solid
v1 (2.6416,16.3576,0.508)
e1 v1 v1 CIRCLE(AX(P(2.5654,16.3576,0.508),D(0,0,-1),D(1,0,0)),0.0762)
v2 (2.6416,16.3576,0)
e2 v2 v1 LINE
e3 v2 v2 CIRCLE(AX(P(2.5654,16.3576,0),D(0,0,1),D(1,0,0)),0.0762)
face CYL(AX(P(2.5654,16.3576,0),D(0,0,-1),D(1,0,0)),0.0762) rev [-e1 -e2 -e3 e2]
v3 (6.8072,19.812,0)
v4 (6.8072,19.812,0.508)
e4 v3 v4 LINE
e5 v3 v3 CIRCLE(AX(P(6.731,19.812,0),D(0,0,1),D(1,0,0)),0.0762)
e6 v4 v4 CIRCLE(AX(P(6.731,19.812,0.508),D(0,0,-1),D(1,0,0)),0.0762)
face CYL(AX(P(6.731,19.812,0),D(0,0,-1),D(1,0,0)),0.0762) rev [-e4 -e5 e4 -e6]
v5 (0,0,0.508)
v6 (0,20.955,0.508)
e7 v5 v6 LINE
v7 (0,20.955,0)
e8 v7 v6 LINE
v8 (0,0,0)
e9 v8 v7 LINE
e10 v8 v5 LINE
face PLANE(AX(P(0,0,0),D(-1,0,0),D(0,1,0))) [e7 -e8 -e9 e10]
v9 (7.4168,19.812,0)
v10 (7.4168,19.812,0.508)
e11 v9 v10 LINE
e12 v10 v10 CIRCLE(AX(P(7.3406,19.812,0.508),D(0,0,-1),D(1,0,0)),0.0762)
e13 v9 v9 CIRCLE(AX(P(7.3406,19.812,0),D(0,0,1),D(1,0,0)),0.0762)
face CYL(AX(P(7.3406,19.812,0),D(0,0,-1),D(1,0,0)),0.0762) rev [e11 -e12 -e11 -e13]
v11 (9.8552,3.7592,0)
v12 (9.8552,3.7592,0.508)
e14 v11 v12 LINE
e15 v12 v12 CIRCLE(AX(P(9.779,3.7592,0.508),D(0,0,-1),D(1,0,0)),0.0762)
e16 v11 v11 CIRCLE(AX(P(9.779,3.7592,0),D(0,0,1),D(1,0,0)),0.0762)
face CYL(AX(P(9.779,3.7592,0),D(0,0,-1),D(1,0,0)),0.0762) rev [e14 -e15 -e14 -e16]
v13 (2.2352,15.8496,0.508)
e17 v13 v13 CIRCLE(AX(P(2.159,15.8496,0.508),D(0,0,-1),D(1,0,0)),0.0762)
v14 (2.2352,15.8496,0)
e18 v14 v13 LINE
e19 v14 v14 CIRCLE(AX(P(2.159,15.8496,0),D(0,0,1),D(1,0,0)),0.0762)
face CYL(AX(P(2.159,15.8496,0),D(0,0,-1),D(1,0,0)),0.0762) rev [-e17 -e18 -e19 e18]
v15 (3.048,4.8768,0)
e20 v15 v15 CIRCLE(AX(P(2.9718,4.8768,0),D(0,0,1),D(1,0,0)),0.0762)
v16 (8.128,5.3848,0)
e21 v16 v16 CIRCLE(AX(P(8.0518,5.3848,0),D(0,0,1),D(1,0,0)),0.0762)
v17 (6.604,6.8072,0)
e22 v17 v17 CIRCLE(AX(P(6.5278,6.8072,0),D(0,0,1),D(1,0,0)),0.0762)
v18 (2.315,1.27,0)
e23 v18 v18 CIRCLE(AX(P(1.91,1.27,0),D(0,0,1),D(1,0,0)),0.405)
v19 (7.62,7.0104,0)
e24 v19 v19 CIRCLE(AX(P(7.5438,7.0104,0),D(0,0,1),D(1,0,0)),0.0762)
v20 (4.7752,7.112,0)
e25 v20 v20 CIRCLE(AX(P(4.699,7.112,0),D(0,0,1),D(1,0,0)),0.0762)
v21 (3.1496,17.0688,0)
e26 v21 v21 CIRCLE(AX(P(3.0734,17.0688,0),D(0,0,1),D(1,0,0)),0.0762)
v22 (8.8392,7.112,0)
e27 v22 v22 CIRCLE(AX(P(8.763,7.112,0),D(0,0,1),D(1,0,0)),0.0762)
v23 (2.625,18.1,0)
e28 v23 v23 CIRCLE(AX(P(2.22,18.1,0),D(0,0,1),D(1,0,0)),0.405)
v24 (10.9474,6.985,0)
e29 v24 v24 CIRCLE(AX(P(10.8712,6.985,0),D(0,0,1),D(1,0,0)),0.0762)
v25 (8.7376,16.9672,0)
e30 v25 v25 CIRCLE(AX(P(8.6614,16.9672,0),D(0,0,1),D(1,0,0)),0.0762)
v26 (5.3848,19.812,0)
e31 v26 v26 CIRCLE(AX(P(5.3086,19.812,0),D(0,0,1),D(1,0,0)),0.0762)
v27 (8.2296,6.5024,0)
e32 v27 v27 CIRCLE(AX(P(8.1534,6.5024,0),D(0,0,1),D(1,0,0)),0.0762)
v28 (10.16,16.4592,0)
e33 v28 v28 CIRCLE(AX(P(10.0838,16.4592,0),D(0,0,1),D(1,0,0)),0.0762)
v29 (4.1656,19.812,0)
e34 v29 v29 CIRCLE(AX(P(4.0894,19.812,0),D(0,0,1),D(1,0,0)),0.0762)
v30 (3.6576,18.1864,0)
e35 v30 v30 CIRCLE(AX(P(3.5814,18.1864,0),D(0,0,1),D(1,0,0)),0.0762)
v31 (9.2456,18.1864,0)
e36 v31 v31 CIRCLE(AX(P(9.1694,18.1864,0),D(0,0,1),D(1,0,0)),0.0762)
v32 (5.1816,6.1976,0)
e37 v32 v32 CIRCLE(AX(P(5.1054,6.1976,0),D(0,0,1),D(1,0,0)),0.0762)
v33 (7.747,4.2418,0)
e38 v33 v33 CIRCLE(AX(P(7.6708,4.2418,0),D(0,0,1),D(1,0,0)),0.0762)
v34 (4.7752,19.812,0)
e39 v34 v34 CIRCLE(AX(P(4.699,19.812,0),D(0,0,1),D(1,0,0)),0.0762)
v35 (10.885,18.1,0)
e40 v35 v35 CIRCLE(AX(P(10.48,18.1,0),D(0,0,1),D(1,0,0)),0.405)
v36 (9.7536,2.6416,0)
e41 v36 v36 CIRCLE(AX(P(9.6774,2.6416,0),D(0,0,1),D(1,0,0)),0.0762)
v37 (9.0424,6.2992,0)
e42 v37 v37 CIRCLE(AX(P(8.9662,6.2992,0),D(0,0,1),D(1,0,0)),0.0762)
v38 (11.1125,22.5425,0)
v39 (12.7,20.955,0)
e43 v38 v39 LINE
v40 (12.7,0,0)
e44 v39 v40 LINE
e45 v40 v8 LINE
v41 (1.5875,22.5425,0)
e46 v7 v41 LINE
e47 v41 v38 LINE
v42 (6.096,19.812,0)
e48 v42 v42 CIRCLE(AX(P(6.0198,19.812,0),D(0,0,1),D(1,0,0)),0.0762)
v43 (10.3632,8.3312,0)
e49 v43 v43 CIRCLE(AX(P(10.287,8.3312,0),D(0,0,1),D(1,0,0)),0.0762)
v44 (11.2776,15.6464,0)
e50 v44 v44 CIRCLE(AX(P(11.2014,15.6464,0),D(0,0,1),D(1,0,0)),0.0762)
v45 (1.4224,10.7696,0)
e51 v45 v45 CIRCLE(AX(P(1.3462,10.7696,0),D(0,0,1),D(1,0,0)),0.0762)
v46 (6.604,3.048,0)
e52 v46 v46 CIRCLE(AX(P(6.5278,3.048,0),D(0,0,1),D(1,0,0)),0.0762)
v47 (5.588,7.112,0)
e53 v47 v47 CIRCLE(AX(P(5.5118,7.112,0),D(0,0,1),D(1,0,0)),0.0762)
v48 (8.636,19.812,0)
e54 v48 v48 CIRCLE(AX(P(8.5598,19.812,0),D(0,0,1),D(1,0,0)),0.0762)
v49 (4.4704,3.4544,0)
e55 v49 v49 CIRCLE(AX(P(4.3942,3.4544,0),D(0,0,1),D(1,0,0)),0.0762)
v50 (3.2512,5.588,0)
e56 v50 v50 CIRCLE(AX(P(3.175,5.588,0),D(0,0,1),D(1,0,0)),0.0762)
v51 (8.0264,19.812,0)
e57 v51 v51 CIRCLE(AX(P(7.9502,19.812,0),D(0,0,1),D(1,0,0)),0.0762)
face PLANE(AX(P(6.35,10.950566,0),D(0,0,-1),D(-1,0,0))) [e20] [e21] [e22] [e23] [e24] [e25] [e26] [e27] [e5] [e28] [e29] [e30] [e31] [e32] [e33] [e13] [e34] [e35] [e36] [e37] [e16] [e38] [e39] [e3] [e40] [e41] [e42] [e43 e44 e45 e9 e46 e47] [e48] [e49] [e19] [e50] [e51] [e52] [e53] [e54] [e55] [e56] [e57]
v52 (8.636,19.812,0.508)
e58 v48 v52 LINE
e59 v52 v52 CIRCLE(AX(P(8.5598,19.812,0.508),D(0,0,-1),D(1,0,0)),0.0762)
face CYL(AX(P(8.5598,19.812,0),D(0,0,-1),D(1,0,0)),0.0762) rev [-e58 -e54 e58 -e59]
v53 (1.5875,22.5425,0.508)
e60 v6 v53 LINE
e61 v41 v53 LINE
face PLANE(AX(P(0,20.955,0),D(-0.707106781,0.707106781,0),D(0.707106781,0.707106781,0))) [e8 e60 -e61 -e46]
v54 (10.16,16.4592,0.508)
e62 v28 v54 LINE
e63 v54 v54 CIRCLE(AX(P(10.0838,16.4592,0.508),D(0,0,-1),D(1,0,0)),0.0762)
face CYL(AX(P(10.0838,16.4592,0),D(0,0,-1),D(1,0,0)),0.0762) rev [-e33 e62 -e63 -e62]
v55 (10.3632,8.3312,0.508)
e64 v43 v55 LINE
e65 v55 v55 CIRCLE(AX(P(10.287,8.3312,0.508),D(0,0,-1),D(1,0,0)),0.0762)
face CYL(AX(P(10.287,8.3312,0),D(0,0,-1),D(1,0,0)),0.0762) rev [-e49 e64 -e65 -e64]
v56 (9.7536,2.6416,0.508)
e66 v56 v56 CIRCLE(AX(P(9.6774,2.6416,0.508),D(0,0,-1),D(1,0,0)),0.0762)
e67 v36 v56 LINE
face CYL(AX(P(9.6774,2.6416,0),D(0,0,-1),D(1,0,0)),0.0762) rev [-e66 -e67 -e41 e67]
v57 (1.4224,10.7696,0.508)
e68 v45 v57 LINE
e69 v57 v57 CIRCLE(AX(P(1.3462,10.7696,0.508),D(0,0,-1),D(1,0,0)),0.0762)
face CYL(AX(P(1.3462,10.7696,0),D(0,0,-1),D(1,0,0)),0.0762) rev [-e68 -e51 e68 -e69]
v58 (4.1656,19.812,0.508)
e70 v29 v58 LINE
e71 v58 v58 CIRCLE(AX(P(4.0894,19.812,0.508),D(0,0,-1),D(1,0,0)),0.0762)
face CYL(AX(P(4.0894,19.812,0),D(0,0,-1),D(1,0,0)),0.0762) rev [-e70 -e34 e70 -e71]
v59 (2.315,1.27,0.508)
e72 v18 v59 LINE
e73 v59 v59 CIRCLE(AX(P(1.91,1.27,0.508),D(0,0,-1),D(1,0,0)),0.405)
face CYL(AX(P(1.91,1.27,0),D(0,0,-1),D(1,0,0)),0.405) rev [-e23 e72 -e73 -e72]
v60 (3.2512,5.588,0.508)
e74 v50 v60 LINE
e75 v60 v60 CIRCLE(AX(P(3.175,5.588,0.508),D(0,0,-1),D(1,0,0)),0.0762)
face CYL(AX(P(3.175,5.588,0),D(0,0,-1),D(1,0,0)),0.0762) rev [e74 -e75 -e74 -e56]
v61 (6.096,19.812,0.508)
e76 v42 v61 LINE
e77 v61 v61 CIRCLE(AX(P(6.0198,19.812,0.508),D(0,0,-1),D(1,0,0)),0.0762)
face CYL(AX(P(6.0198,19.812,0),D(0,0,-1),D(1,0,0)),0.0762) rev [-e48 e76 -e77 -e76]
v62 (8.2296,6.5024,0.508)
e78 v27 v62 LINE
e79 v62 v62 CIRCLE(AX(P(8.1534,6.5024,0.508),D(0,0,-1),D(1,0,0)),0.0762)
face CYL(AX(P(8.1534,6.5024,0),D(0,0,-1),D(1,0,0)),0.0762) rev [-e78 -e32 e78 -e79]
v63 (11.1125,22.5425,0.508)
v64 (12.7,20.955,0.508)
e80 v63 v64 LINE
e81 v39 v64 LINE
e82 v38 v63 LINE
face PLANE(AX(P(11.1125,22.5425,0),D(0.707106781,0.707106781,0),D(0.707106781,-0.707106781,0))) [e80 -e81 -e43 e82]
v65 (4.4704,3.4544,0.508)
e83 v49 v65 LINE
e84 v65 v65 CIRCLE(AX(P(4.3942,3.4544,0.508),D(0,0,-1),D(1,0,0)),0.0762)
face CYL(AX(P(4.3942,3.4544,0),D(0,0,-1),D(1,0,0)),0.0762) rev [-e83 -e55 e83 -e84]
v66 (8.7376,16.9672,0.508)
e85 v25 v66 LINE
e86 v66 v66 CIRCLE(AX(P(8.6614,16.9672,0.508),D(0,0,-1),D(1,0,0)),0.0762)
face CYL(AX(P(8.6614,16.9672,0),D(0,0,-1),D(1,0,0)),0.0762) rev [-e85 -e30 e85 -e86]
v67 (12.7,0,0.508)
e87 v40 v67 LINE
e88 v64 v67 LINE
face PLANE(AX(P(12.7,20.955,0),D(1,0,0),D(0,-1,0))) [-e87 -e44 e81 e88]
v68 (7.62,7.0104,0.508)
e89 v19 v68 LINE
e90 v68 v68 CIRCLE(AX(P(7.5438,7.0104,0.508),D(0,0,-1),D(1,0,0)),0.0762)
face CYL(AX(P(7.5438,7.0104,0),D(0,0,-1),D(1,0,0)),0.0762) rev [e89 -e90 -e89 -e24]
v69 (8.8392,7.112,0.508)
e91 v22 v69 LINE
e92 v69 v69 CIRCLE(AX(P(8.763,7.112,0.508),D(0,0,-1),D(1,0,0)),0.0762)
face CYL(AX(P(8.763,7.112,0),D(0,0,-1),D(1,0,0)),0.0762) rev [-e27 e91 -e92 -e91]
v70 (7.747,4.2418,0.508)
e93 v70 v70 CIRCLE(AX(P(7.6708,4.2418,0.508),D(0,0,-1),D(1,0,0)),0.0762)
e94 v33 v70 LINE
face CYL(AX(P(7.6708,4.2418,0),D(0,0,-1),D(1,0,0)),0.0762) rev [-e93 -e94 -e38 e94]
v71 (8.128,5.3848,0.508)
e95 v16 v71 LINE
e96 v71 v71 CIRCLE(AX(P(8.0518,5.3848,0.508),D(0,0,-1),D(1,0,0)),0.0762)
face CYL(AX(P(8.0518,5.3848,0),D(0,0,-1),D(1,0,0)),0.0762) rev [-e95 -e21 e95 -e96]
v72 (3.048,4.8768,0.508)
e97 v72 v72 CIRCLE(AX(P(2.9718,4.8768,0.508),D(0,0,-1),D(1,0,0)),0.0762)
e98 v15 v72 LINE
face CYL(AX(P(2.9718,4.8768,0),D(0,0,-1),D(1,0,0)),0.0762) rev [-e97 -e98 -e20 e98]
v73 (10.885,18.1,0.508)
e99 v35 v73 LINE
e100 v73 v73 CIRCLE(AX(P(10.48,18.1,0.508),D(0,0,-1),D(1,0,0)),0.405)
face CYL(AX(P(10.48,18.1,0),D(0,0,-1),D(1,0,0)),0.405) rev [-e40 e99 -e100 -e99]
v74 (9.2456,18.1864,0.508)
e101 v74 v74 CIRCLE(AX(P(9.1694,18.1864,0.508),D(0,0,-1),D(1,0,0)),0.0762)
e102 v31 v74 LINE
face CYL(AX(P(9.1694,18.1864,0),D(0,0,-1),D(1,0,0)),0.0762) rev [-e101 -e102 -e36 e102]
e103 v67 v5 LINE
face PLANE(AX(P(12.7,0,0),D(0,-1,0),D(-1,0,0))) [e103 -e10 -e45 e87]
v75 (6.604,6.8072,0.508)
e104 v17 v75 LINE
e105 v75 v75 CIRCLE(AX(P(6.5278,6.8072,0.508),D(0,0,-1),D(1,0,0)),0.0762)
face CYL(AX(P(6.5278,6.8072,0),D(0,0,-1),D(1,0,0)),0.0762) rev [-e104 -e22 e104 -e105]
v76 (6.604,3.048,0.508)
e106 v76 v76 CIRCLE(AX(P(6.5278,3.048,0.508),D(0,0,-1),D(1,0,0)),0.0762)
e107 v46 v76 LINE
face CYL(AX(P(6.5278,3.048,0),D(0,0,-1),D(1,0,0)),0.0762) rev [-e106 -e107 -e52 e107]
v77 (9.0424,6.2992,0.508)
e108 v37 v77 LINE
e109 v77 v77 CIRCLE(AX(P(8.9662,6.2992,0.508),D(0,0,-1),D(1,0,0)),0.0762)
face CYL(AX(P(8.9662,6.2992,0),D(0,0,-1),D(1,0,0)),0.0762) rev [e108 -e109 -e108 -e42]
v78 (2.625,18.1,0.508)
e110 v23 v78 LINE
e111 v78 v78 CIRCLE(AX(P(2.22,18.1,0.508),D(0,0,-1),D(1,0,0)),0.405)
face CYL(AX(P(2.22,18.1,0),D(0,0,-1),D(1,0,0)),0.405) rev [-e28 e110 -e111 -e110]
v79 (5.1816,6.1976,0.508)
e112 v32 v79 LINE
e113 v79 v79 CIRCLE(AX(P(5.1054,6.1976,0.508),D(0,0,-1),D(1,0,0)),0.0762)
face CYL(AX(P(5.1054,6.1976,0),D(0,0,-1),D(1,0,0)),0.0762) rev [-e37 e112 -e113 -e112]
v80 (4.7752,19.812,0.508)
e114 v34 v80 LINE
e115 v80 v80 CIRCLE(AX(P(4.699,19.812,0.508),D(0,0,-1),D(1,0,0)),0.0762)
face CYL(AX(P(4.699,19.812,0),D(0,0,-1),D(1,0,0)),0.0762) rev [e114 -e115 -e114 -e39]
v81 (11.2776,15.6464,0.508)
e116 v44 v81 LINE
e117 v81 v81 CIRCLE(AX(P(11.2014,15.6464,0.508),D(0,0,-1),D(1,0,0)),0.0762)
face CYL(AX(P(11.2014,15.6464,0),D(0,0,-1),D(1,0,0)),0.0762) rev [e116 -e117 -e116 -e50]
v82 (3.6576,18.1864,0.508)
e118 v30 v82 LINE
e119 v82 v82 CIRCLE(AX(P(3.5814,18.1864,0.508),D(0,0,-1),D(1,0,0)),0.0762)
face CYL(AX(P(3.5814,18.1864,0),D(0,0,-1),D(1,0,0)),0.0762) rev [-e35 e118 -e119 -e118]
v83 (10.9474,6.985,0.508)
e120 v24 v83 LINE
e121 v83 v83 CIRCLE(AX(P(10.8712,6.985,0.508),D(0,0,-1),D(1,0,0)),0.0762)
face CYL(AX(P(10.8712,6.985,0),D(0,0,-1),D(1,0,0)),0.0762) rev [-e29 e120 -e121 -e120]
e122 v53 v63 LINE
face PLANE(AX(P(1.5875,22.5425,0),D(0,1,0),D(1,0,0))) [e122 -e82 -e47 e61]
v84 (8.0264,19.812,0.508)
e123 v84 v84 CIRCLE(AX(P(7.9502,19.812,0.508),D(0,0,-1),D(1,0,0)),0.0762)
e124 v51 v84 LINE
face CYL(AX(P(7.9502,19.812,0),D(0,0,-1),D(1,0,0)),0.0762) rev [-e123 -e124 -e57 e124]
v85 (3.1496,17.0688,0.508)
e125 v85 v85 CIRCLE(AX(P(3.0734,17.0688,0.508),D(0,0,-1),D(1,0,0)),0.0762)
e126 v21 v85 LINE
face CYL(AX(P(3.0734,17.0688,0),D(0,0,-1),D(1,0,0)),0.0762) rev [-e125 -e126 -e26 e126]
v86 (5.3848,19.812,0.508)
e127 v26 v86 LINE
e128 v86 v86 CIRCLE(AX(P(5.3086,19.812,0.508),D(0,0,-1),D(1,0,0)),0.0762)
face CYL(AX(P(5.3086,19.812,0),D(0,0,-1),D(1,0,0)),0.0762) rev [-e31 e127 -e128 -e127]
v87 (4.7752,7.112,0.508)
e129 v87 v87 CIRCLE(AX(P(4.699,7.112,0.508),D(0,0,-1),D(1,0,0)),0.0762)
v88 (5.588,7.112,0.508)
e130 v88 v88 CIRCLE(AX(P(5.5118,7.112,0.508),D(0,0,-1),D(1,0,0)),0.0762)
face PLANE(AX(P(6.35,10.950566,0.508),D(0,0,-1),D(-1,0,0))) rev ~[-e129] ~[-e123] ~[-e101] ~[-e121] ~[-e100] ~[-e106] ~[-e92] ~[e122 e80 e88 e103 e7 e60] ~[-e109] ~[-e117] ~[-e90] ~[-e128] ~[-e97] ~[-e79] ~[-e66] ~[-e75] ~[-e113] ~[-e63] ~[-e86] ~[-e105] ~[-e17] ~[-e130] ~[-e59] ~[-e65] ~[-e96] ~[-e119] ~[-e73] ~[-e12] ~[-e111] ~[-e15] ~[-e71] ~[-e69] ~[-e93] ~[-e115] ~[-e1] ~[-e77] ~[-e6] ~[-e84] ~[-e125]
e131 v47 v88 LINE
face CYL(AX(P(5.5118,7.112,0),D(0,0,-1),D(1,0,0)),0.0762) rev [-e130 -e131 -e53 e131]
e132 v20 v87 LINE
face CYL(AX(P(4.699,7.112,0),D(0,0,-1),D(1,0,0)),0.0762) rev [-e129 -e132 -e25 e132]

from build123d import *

# Parameters (mm, degrees)
BOARD_OUTLINE_DEPTH = 0.508
SKETCH2_R           = 0.0762
NPTH_DEPTH          = 1.508
SKETCH3_R           = 0.405
PTH_DEPTH           = 1.508


with BuildPart() as part:
    # Sketch1 → Board_Outline (new body)
    with BuildSketch(Plane.XY):
        Polygon((0, 0), (0, 20.955), (1.5875, 22.5425), (11.1125, 22.5425), (12.7, 20.955), (12.7, 0), align=None)
    extrude(amount=BOARD_OUTLINE_DEPTH)

    # Sketch2 → NPTH (cut, through all)
    with BuildSketch(Plane.XY):
        with Locations((10.287, 8.3312)):
            Circle(SKETCH2_R)
        with Locations((7.6708, 4.2418)):
            Circle(SKETCH2_R)
        with Locations((6.731, 19.812)):
            Circle(SKETCH2_R)
        with Locations((11.2014, 15.6464)):
            Circle(SKETCH2_R)
        with Locations((5.3086, 19.812)):
            Circle(SKETCH2_R)
        with Locations((2.5654, 16.3576)):
            Circle(SKETCH2_R)
        with Locations((4.699, 19.812)):
            Circle(SKETCH2_R)
        with Locations((3.0734, 17.0688)):
            Circle(SKETCH2_R)
        with Locations((4.0894, 19.812)):
            Circle(SKETCH2_R)
        with Locations((3.5814, 18.1864)):
            Circle(SKETCH2_R)
        with Locations((8.5598, 19.812)):
            Circle(SKETCH2_R)
        with Locations((8.6614, 16.9672)):
            Circle(SKETCH2_R)
        with Locations((7.9502, 19.812)):
            Circle(SKETCH2_R)
        with Locations((9.1694, 18.1864)):
            Circle(SKETCH2_R)
        with Locations((7.3406, 19.812)):
            Circle(SKETCH2_R)
        with Locations((10.0838, 16.4592)):
            Circle(SKETCH2_R)
        with Locations((6.0198, 19.812)):
            Circle(SKETCH2_R)
        with Locations((2.159, 15.8496)):
            Circle(SKETCH2_R)
        with Locations((4.699, 7.112)):
            Circle(SKETCH2_R)
        with Locations((3.175, 5.588)):
            Circle(SKETCH2_R)
        with Locations((4.3942, 3.4544)):
            Circle(SKETCH2_R)
        with Locations((2.9718, 4.8768)):
            Circle(SKETCH2_R)
        with Locations((5.5118, 7.112)):
            Circle(SKETCH2_R)
        with Locations((6.5278, 6.8072)):
            Circle(SKETCH2_R)
        with Locations((6.5278, 3.048)):
            Circle(SKETCH2_R)
        with Locations((9.6774, 2.6416)):
            Circle(SKETCH2_R)
        with Locations((7.5438, 7.0104)):
            Circle(SKETCH2_R)
        with Locations((5.1054, 6.1976)):
            Circle(SKETCH2_R)
        with Locations((9.779, 3.7592)):
            Circle(SKETCH2_R)
        with Locations((8.9662, 6.2992)):
            Circle(SKETCH2_R)
        with Locations((8.763, 7.112)):
            Circle(SKETCH2_R)
        with Locations((8.1534, 6.5024)):
            Circle(SKETCH2_R)
        with Locations((8.0518, 5.3848)):
            Circle(SKETCH2_R)
        with Locations((1.3462, 10.7696)):
            Circle(SKETCH2_R)
        with Locations((10.8712, 6.985)):
            Circle(SKETCH2_R)
    extrude(amount=NPTH_DEPTH, mode=Mode.SUBTRACT)

    # Sketch3 → PTH (cut, through all)
    with BuildSketch(Plane.XY):
        with Locations((2.22, 18.1)):
            Circle(SKETCH3_R)
        with Locations((10.48, 18.1)):
            Circle(SKETCH3_R)
        with Locations((1.91, 1.27)):
            Circle(SKETCH3_R)
    extrude(amount=PTH_DEPTH, mode=Mode.SUBTRACT)


solid = part.part
